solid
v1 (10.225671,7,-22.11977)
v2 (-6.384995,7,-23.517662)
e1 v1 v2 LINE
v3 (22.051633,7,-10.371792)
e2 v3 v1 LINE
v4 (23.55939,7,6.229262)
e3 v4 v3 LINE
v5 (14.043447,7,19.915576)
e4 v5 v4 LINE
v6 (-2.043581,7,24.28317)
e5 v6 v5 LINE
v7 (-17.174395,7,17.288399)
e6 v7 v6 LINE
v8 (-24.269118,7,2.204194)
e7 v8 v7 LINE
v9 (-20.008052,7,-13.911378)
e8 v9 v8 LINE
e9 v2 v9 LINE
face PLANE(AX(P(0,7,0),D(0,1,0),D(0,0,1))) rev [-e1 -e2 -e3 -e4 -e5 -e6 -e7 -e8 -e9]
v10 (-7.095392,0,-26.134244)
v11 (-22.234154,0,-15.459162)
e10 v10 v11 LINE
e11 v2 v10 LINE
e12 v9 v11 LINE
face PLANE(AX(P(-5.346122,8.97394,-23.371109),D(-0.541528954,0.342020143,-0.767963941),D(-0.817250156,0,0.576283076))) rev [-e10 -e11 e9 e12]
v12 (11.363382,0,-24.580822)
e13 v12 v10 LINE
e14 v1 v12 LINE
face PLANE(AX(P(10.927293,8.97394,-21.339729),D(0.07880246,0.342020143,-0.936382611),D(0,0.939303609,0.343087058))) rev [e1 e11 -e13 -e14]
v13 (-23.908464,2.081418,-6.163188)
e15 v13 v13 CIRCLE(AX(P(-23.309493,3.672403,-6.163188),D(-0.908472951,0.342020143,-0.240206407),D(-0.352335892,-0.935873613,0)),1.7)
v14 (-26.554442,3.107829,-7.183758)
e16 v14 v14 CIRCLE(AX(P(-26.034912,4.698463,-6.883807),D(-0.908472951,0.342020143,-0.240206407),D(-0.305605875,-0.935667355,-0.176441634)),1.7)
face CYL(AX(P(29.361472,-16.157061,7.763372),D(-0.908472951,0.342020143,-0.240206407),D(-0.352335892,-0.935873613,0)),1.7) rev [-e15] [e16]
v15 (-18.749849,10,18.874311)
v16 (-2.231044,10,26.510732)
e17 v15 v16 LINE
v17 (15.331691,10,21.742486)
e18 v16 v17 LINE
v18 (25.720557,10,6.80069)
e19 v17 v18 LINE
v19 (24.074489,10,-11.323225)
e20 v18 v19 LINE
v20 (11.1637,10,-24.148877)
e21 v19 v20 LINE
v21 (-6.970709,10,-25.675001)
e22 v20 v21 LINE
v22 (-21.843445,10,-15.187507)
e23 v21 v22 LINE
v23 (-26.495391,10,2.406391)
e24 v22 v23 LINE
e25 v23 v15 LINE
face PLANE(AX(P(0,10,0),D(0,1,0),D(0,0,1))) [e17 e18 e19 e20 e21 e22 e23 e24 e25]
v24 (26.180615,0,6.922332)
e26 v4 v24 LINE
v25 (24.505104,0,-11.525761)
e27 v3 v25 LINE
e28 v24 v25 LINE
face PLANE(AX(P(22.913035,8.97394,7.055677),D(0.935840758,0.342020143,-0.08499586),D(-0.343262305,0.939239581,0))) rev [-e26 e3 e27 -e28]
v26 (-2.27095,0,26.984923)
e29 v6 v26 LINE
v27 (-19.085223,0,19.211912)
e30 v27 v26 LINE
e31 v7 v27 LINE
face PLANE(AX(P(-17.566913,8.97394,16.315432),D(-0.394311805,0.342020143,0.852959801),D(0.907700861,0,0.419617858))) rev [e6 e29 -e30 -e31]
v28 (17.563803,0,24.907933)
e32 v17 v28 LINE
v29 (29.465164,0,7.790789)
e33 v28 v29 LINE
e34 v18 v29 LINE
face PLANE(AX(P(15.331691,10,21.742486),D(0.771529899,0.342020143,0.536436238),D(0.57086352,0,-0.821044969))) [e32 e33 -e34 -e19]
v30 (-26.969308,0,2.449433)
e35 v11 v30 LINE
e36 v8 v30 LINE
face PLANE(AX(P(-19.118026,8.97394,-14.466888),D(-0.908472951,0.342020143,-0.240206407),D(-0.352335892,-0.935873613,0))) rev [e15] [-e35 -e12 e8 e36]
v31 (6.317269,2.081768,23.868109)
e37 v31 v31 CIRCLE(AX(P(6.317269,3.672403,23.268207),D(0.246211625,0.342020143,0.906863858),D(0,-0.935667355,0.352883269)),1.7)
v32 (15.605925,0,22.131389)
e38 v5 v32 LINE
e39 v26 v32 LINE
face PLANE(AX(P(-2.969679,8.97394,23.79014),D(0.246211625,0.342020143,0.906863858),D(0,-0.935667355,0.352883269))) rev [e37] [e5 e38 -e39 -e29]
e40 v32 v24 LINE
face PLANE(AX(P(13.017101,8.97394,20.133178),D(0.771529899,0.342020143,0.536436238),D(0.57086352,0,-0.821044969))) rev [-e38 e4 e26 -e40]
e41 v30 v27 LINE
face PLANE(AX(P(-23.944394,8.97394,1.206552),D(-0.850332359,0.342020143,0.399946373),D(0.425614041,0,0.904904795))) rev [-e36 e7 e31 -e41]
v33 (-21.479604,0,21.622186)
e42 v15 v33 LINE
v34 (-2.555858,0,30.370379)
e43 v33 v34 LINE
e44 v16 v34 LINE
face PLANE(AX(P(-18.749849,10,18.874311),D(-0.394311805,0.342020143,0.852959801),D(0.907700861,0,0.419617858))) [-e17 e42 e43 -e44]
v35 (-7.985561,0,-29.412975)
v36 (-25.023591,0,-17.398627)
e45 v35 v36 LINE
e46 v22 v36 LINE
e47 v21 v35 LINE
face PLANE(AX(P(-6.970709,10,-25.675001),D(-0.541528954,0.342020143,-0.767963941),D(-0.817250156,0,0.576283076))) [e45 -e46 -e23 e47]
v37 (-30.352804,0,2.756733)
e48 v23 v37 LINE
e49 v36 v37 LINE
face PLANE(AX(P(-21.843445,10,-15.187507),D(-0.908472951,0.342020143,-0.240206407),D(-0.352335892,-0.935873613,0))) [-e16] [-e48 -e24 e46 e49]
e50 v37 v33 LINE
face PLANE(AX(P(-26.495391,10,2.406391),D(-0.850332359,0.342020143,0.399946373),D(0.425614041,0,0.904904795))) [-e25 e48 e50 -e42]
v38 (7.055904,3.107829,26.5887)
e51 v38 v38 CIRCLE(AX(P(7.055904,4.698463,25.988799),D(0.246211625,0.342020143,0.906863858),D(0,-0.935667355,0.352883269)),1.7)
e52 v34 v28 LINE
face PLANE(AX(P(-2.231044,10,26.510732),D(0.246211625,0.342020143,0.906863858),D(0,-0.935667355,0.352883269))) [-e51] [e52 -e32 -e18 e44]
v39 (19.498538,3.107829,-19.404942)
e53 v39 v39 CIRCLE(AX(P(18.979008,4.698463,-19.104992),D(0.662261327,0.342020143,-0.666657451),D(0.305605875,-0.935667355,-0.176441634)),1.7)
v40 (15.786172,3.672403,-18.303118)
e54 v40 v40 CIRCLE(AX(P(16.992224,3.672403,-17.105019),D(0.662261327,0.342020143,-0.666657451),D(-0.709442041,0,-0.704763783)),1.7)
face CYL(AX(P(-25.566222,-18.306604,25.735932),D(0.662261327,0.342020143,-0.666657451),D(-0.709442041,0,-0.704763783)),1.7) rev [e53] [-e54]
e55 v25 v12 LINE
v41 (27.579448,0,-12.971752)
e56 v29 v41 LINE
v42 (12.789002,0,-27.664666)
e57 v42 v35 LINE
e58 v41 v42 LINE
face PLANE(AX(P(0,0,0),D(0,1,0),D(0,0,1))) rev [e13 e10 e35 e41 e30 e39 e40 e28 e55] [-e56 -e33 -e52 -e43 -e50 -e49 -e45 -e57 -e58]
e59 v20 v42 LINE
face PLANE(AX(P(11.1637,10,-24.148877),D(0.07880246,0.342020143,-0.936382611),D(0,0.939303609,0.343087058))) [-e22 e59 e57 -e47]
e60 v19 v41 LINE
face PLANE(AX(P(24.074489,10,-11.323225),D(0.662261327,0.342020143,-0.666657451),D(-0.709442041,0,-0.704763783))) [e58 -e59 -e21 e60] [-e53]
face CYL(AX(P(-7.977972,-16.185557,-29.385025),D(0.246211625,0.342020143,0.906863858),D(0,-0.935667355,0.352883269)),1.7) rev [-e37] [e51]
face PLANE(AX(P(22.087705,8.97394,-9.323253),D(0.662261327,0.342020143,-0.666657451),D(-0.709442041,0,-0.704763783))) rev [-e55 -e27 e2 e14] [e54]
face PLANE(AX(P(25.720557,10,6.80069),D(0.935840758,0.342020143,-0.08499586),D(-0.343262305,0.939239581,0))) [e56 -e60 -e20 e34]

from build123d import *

# Parameters (mm, degrees)
BOSS_EXTRUDE1_DEPTH = 10
DRAFT1_ANGLE        = 20
SHELL1_T            = -3
SKETCH3_R           = 1.7
CUT_EXTRUDE1_DEPTH  = 3
CIRPATTERN1_COUNT   = 3


with BuildPart() as part:
    # Sketch2 → Boss-Extrude1 (new body)
    with BuildSketch(Plane(origin=(0, 0, 0), x_dir=(1, 0, 0), z_dir=(0, 1, 0))):
        Polygon((25.720557456, -6.800689768), (24.074489233, 11.323225041), (11.16369994, 24.148877009), (-6.970708626, 25.67500104), (-21.843445154, 15.187506739), (-26.495390933, -2.406390756), (-18.74984883, -18.874311272), (-2.231044079, -26.510731779), (15.331690993, -21.742486253), align=None)
    extrude(amount=BOSS_EXTRUDE1_DEPTH)

    # Draft1
    draft1_faces = [part.faces().sort_by_distance(p)[0] for p in [
        (-24.169418044, 5, -6.390557991),
        (-14.40707689, 5, -20.431253889),
        (2.096495657, 5, -24.911939024),
        (17.619094586, 5, -17.736051025),
        (24.897523344, 5, -2.261267636),
        (20.526124224, 5, 14.27158801),
        (-10.490446454, 5, 22.692521526),
        (-22.622619881, 5, 10.640351014),
        (6.550323457, 5, 24.126609016),
    ]]
    draft(draft1_faces, Plane.ZX.offset(10), DRAFT1_ANGLE)

    # Shell1
    shell1_openings = [part.faces().sort_by_distance(p)[0] for p in [
        (0, 0, 0),
    ]]
    offset(amount=SHELL1_T, openings=shell1_openings, kind=Kind.INTERSECTION)

    # Sketch3 → Cut-Extrude1 (cut)
    with BuildSketch(Plane(origin=(6.626174522, 9.204622905, 24.40598896), x_dir=(0.969216093, -0.086883963, -0.23037218), z_dir=(0.246211625, 0.342020143, 0.906863858))):
        with Locations((0.443378447, -4.774813723)):
            Circle(SKETCH3_R)
    cut_extrude1 = extrude(amount=-CUT_EXTRUDE1_DEPTH, mode=Mode.SUBTRACT)

    # CirPattern1: Cut-Extrude1 ×3 about axis
    cirpattern1_axis = Axis((0, 10, 0), (0, 1, 0))
    for i in range(1, CIRPATTERN1_COUNT):
        add(cut_extrude1.rotate(cirpattern1_axis, i * 360 / CIRPATTERN1_COUNT), mode=Mode.SUBTRACT)


solid = part.part
